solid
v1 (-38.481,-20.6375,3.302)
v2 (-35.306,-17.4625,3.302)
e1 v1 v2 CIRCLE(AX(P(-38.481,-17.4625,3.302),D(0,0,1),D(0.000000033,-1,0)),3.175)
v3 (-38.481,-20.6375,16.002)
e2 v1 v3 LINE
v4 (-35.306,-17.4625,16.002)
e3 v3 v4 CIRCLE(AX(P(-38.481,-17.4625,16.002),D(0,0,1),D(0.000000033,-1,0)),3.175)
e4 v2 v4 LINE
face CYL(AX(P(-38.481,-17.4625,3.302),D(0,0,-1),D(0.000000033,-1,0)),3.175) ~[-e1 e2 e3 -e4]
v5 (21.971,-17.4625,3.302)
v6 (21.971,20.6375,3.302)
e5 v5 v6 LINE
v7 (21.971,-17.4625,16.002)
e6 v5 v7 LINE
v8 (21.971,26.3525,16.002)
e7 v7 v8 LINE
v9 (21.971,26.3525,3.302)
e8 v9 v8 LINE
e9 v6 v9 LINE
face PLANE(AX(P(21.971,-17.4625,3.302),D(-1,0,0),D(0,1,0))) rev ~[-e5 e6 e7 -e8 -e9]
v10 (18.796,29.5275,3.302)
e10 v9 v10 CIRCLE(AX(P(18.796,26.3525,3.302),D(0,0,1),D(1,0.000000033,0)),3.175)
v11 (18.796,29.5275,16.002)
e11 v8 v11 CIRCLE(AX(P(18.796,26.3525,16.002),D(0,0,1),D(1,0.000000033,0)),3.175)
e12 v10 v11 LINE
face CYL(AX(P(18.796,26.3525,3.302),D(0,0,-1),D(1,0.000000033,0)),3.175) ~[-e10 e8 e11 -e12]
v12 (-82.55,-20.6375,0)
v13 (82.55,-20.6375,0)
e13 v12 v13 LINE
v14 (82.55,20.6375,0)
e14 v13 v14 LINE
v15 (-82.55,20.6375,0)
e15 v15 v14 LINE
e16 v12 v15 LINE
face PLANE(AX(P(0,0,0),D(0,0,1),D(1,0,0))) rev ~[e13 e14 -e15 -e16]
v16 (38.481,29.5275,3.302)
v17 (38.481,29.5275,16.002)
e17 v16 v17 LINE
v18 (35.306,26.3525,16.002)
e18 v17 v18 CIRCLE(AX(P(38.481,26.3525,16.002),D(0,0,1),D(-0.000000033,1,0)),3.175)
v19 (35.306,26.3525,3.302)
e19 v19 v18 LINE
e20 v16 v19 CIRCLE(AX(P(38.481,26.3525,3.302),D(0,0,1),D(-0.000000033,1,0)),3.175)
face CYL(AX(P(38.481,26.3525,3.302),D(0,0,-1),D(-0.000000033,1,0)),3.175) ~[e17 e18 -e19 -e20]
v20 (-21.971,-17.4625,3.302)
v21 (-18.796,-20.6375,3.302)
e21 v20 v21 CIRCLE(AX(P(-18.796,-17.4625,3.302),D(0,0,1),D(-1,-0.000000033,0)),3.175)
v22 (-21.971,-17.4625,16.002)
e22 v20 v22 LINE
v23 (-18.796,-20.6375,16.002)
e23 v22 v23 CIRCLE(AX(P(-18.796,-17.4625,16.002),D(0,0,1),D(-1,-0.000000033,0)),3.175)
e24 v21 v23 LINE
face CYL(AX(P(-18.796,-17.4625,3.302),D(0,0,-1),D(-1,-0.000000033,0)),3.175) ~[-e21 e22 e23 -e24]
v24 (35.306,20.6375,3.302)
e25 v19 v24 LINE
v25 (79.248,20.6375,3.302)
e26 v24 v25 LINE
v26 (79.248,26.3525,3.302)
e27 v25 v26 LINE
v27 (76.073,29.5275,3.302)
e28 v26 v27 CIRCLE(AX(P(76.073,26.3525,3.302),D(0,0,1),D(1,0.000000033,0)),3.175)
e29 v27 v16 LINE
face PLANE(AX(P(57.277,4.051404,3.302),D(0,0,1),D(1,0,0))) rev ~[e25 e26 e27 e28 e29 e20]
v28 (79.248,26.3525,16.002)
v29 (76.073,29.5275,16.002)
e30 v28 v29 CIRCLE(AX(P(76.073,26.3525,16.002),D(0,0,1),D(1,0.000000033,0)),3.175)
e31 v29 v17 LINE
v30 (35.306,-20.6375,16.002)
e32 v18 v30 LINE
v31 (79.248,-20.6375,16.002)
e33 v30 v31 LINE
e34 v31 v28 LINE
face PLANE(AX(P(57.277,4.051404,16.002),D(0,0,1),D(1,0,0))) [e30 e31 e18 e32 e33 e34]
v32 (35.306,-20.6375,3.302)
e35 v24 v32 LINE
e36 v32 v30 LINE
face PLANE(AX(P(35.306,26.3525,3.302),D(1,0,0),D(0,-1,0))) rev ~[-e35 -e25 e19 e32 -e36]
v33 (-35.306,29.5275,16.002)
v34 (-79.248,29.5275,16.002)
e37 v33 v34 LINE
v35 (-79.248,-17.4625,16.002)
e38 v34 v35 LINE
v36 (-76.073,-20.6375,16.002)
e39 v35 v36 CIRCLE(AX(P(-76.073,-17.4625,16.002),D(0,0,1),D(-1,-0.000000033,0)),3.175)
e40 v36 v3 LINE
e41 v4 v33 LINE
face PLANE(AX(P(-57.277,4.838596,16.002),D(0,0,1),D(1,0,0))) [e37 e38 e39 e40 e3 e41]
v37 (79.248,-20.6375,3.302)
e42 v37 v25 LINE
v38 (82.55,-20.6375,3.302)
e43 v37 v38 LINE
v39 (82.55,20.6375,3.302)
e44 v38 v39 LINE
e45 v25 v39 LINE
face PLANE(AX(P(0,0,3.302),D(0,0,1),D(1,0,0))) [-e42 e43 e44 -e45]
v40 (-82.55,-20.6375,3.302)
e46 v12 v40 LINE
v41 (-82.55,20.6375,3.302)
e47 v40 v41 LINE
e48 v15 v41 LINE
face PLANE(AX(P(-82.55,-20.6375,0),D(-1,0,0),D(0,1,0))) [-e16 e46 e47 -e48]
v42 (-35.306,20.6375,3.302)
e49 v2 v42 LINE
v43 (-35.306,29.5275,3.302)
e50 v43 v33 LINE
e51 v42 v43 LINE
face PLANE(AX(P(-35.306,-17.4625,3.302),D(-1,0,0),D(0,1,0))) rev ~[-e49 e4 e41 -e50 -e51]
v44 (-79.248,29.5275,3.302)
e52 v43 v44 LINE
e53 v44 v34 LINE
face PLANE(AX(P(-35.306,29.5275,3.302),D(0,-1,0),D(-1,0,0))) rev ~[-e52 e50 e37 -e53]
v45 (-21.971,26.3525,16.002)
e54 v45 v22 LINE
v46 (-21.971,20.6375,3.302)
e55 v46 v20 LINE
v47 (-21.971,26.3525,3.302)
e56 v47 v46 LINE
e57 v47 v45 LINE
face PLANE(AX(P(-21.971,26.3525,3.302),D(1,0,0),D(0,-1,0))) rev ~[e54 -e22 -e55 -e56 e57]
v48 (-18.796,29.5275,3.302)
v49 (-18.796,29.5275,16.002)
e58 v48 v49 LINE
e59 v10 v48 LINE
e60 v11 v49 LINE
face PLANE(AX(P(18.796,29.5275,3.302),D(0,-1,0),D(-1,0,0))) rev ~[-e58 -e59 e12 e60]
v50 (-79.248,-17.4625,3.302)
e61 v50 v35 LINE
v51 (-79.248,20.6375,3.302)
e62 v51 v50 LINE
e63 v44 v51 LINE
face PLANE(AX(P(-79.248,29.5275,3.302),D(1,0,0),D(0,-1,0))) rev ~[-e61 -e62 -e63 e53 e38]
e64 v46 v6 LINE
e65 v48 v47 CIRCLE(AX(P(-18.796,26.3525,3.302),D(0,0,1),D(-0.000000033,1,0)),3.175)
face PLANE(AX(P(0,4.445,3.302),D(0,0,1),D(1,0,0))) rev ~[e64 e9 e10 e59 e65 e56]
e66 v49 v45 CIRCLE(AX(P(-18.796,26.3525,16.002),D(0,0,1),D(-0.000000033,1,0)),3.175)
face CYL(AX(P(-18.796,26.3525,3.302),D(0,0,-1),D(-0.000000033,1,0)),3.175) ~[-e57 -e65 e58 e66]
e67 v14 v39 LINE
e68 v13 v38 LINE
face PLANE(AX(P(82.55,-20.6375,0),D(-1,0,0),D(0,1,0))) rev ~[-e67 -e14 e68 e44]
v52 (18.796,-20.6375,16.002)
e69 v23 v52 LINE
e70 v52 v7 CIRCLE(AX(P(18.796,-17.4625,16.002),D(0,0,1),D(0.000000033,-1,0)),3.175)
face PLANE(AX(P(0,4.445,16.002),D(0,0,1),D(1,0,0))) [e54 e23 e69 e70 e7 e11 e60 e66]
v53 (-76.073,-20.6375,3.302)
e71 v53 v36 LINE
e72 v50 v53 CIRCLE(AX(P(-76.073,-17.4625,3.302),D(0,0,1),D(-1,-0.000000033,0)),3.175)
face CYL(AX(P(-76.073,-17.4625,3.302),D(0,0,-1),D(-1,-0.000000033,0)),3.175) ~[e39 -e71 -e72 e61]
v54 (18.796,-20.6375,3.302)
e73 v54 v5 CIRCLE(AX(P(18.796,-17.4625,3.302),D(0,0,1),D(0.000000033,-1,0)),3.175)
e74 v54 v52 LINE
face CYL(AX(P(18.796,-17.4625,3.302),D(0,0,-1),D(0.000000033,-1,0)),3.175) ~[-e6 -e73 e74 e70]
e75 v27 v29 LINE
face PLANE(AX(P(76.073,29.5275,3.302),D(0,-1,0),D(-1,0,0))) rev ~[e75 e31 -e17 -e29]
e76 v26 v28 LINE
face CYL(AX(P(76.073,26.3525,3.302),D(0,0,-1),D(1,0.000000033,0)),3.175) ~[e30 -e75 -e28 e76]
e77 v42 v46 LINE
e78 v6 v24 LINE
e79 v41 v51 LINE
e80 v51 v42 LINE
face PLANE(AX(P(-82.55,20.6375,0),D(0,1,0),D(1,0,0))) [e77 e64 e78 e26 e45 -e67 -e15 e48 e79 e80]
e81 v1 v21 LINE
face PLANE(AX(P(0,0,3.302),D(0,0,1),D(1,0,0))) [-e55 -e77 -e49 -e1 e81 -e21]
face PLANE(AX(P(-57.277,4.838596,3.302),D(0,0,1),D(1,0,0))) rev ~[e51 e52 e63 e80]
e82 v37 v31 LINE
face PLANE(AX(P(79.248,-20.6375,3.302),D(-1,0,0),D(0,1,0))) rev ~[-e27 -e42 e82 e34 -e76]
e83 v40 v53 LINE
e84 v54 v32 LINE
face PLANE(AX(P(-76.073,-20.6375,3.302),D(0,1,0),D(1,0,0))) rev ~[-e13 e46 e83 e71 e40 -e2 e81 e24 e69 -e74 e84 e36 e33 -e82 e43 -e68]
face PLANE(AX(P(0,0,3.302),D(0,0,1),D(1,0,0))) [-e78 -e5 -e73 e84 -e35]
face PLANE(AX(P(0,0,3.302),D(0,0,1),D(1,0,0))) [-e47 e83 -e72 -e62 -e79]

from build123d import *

# Parameters (mm, degrees)
F0_W     = 165.1
F0_H     = 41.275
F1_DEPTH = 3.302
F3_DEPTH = 12.7


with BuildPart() as f1:
    # F0 (on Top) → F1 (new body)
    with BuildSketch(Plane.XY):
        Rectangle(F0_W, F0_H)
    extrude(amount=F1_DEPTH)

    # F2 (on face) → F3 (join)
    with BuildSketch(Plane.XY.offset(3.302)):
        with BuildLine():
            Line((-79.248, 29.5275), (-79.248, 20.6375))
            Line((-79.248, 20.6375), (-79.248, -17.4625))
            ThreePointArc((-79.248, -17.4625), (-78.318064, -19.707564), (-76.073, -20.6375))
            Line((-76.073, -20.6375), (-38.481, -20.6375))
            ThreePointArc((-38.481, -20.6375), (-36.235936, -19.707564), (-35.306, -17.4625))
            Line((-35.306, -17.4625), (-35.306, 20.6375))
            Line((-35.306, 20.6375), (-35.306, 29.5275))
            Line((-35.306, 29.5275), (-79.248, 29.5275))
        make_face()
        with BuildLine():
            Line((35.306, 26.3525), (35.306, 20.6375))
            Line((35.306, 20.6375), (35.306, -20.6375))
            Line((35.306, -20.6375), (79.248, -20.6375))
            Line((79.248, -20.6375), (79.248, 20.6375))
            Line((79.248, 20.6375), (79.248, 26.3525))
            ThreePointArc((79.248, 26.3525), (78.318064, 28.597564), (76.073, 29.5275))
            Line((76.073, 29.5275), (38.481, 29.5275))
            ThreePointArc((38.481, 29.5275), (36.235936, 28.597564), (35.306, 26.3525))
        make_face()
        with BuildLine():
            Line((-21.971, 26.3525), (-21.971, 20.6375))
            Line((-21.971, 20.6375), (-21.971, -17.4625))
            ThreePointArc((-21.971, -17.4625), (-21.041064, -19.707564), (-18.796, -20.6375))
            Line((-18.796, -20.6375), (18.796, -20.6375))
            ThreePointArc((18.796, -20.6375), (21.041064, -19.707564), (21.971, -17.4625))
            Line((21.971, -17.4625), (21.971, 20.6375))
            Line((21.971, 20.6375), (21.971, 26.3525))
            ThreePointArc((21.971, 26.3525), (21.041064, 28.597564), (18.796, 29.5275))
            Line((18.796, 29.5275), (-18.796, 29.5275))
            ThreePointArc((-18.796, 29.5275), (-21.041064, 28.597564), (-21.971, 26.3525))
        make_face()
    extrude(amount=F3_DEPTH)


solid = f1.part
